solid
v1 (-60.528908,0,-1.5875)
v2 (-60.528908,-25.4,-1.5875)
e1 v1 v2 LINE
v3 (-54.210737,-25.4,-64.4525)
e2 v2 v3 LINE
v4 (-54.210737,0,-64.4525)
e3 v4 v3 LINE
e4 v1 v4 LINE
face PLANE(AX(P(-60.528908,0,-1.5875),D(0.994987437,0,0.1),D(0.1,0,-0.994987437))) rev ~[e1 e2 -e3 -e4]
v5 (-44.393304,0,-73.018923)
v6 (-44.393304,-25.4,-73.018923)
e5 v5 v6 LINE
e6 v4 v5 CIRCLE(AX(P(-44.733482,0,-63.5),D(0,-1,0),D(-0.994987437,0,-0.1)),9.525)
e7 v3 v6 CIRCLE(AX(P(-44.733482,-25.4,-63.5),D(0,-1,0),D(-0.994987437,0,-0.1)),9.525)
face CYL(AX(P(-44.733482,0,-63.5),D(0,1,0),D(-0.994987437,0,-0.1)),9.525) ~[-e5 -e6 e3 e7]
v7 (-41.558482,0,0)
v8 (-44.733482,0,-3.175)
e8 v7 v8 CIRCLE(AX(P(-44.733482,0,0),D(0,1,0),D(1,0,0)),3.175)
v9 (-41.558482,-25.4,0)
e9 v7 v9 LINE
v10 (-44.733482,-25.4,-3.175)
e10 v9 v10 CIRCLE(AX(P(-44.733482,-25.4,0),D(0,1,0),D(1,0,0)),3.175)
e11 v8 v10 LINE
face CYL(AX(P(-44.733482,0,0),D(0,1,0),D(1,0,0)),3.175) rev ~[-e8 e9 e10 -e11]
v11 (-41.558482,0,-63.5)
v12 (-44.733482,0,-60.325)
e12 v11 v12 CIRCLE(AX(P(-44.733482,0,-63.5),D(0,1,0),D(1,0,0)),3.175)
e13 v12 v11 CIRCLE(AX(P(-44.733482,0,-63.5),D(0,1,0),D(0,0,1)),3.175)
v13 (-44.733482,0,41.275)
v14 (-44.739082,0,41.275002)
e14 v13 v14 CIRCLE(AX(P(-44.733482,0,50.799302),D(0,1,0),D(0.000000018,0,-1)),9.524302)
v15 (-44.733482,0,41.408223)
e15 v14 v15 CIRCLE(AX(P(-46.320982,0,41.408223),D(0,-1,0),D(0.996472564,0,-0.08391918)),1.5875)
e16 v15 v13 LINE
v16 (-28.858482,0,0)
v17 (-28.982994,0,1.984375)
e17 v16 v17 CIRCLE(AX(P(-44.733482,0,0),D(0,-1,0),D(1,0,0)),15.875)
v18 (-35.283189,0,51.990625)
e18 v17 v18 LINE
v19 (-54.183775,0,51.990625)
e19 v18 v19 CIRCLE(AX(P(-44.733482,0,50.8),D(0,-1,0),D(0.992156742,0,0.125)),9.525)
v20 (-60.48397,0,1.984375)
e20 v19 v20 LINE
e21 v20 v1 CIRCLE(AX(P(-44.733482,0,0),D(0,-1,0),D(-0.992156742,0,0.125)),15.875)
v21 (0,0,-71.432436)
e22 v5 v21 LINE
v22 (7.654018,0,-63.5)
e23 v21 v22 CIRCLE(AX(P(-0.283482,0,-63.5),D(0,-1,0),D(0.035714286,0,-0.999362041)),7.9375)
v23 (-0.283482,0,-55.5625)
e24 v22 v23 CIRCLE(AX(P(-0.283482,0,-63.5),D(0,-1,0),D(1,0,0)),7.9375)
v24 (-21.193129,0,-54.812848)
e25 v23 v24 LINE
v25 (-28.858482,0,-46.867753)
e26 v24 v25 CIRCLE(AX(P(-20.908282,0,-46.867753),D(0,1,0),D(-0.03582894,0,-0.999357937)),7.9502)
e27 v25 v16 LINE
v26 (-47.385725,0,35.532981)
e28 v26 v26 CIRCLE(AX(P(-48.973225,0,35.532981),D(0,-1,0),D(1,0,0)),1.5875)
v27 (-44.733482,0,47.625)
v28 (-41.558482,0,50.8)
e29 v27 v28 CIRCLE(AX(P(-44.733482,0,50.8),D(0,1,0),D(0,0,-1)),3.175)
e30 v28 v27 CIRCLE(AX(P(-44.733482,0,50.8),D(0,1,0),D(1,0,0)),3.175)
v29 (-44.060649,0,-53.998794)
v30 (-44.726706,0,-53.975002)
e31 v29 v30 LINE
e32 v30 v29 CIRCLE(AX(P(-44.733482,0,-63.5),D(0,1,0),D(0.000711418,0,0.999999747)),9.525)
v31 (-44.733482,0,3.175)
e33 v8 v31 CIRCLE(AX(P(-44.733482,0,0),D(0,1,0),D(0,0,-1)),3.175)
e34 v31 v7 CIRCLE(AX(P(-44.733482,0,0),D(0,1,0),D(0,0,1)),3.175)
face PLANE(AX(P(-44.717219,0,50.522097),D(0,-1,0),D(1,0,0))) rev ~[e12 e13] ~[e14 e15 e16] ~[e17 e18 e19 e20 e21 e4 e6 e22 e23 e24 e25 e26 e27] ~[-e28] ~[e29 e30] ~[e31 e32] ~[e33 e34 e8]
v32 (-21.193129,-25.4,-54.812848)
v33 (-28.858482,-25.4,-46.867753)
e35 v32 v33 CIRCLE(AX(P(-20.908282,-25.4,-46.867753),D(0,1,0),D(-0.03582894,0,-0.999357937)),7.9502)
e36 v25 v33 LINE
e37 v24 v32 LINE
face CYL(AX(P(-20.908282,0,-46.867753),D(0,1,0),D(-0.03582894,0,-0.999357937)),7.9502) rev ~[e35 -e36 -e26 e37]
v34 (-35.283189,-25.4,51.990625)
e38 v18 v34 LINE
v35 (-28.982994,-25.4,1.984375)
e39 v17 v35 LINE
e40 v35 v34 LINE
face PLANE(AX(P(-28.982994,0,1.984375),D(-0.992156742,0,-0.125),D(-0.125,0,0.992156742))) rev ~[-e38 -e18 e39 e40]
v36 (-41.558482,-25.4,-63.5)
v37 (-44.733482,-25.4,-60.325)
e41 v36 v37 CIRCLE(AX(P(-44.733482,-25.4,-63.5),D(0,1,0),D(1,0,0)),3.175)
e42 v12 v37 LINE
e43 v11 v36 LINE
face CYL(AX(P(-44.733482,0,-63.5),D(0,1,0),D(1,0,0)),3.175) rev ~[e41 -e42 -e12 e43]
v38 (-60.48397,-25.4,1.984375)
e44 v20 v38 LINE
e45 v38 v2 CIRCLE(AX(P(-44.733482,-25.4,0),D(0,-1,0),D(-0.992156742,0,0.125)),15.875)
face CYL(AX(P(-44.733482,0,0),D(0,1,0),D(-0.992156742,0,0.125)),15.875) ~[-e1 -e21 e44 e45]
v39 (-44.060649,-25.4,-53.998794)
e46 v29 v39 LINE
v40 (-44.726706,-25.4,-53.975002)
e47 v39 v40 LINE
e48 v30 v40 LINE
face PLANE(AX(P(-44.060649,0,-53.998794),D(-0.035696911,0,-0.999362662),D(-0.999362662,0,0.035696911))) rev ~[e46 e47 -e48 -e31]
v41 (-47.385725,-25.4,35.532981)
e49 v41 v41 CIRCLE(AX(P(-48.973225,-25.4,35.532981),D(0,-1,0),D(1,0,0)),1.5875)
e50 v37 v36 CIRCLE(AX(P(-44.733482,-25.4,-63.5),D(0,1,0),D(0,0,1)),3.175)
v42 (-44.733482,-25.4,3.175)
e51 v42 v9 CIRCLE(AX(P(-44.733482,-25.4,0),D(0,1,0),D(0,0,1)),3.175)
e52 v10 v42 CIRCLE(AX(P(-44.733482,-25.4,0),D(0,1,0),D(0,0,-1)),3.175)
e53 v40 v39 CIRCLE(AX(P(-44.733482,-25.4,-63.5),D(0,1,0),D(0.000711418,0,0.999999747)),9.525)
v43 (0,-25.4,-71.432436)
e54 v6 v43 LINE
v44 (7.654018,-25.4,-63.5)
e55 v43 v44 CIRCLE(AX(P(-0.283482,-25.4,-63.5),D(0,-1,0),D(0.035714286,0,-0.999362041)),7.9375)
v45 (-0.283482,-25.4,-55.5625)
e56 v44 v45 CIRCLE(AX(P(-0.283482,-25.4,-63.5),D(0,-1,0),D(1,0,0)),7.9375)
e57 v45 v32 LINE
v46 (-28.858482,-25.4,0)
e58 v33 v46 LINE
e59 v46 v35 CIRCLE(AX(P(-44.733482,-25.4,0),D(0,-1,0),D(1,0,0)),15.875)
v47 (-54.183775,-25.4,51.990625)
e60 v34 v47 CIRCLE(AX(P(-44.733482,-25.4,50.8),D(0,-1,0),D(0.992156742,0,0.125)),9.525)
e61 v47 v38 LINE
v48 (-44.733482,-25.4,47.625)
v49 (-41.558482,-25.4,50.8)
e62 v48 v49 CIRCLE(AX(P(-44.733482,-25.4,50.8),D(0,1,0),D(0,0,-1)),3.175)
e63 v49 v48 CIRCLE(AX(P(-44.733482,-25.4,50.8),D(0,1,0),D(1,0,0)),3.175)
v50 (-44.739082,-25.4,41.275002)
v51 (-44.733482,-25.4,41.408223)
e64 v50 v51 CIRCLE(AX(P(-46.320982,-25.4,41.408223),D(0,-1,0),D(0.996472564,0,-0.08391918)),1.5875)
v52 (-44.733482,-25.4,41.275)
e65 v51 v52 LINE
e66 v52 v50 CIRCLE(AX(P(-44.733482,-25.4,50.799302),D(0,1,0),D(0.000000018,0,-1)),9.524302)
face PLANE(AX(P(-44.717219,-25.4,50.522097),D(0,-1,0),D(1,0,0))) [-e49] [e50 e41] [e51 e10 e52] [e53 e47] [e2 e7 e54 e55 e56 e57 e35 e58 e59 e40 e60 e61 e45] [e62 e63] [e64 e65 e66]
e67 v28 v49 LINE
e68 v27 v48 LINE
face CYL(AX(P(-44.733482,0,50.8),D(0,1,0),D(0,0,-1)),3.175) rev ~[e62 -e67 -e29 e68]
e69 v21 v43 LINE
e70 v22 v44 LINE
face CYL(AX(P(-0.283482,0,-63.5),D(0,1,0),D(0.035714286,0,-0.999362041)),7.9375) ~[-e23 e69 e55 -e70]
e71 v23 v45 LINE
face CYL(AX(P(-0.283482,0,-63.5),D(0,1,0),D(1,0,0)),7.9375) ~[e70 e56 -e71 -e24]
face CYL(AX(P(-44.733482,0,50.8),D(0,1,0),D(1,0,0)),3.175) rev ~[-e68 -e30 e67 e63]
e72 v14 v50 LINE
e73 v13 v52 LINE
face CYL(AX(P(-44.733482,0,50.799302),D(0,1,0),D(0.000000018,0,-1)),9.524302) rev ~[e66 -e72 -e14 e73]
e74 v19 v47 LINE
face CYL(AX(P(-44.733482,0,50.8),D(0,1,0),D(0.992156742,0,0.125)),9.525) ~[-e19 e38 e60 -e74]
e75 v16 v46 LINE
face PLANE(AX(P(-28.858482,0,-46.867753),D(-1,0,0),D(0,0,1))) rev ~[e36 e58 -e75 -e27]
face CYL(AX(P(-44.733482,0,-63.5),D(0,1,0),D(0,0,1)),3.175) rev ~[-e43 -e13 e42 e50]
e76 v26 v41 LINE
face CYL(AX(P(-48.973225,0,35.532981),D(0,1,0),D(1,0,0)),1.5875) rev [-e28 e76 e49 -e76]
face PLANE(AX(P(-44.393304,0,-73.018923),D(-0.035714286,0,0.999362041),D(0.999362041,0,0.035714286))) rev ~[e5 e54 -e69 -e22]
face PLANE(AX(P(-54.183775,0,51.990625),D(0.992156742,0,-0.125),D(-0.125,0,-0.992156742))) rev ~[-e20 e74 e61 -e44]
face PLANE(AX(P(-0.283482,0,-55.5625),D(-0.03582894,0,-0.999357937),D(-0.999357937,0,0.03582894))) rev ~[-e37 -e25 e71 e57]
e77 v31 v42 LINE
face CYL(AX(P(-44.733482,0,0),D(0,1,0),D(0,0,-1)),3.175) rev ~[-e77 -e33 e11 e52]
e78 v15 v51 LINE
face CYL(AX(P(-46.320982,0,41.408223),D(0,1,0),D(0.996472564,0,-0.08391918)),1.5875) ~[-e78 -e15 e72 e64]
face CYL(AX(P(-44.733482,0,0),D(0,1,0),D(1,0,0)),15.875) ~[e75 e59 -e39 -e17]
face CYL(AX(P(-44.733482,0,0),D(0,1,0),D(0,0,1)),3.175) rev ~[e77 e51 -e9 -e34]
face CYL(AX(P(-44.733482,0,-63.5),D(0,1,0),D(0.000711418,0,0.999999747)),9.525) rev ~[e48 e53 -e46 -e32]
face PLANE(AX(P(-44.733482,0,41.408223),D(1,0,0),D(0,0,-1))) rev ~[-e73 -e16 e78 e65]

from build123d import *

# Parameters (mm, degrees)
F0_R     = 1.5875
F1_DEPTH = 25.4


with BuildPart() as f1:
    # F0 (on Front) → F1 (new body)
    with BuildSketch(Plane.XZ):
        with BuildLine():
            ThreePointArc((-44.7390819472, 41.2750016461), (-44.7348827118, 41.341553676), (-44.7334821429, 41.4082233443))
            Line((-44.7334821429, 41.4082233443), (-44.7334821429, 41.275))
            ThreePointArc((-44.7334821429, 41.275), (-37.9982900521, 44.0648079092), (-35.2084821429, 50.8))
            ThreePointArc((-35.2084821429, 50.8), (-35.2271772486, 51.396483242), (-35.2831891786, 51.990625))
            ThreePointArc((-35.2831891786, 51.990625), (-44.7334821429, 60.325), (-54.1837751071, 51.990625))
            ThreePointArc((-54.1837751071, 51.990625), (-51.8790837955, 44.5019048894), (-44.7390819472, 41.2750016461))
        make_face()
        with BuildLine():
            ThreePointArc((-41.5584821429, 50.8), (-42.4884181126, 48.5549359697), (-44.7334821429, 47.625))
            ThreePointArc((-44.7334821429, 47.625), (-46.9785461731, 53.0450640303), (-41.5584821429, 50.8))
        make_face(mode=Mode.SUBTRACT)
        with BuildLine():
            ThreePointArc((-35.2084821429, 50.8), (-37.9982900521, 44.0648079092), (-44.7334821429, 41.275))
            Line((-44.7334821429, 41.275), (-44.7334821429, 15.875))
            ThreePointArc((-44.7334821429, 15.875), (-34.2331566271, 11.90625), (-28.9829938692, 1.984375))
            Line((-28.9829938692, 1.984375), (-35.2831891786, 51.990625))
            ThreePointArc((-35.2831891786, 51.990625), (-35.2271772486, 51.396483242), (-35.2084821429, 50.8))
        make_face()
        with BuildLine():
            Line((-44.7334821429, 15.875), (-44.7334821429, 41.275))
            ThreePointArc((-44.7334821429, 41.275), (-44.7362820451, 41.2750004115), (-44.7390819472, 41.2750016461))
            ThreePointArc((-44.7390819472, 41.2750016461), (-51.8790837955, 44.5019048894), (-54.1837751071, 51.990625))
            Line((-54.1837751071, 51.990625), (-60.4839704165, 1.984375))
            ThreePointArc((-60.4839704165, 1.984375), (-55.2338076586, 11.90625), (-44.7334821429, 15.875))
        make_face()
        with Locations((-48.9732250571, 35.5329811573)):
            Circle(F0_R, mode=Mode.SUBTRACT)
        with BuildLine():
            ThreePointArc((-28.9829938692, 1.984375), (-34.2331566271, 11.90625), (-44.7334821429, 15.875))
            Line((-44.7334821429, 15.875), (-44.7334821429, 3.175))
            ThreePointArc((-44.7334821429, 3.175), (-42.4884181126, 2.2450640303), (-41.5584821429, 0))
            ThreePointArc((-41.5584821429, 0), (-42.4884181126, -2.2450640303), (-44.7334821429, -3.175))
            Line((-44.7334821429, -3.175), (-44.7334821429, -15.875))
            ThreePointArc((-44.7334821429, -15.875), (-33.5081619915, -11.2253201513), (-28.8584821429, 0))
            ThreePointArc((-28.8584821429, 0), (-28.8896406525, 0.9941387366), (-28.9829938692, 1.984375))
        make_face()
        with BuildLine():
            Line((-44.7334821429, 3.175), (-44.7334821429, 15.875))
            ThreePointArc((-44.7334821429, 15.875), (-55.2338076586, 11.90625), (-60.4839704165, 1.984375))
            ThreePointArc((-60.4839704165, 1.984375), (-60.6072259583, 0.1997054867), (-60.5289077069, -1.5875))
            ThreePointArc((-60.5289077069, -1.5875), (-55.3827558857, -11.7732150983), (-44.7334821429, -15.875))
            Line((-44.7334821429, -15.875), (-44.7334821429, -3.175))
            ThreePointArc((-44.7334821429, -3.175), (-47.9084821429, 0), (-44.7334821429, 3.175))
        make_face()
        with BuildLine():
            Line((-28.8584821429, -46.8677527116), (-28.8584821429, 0))
            ThreePointArc((-28.8584821429, 0), (-33.5081619915, -11.2253201513), (-44.7334821429, -15.875))
            Line((-44.7334821429, -15.875), (-44.7334821429, -53.975))
            ThreePointArc((-44.7334821429, -53.975), (-44.7300940156, -53.9750006026), (-44.7267058887, -53.9750024104))
            ThreePointArc((-44.7267058887, -53.9750024104), (-44.3934690624, -53.9810706429), (-44.060648545, -53.9987937634))
            ThreePointArc((-44.060648545, -53.9987937634), (-37.7644662504, -57.0070467051), (-35.2084821429, -63.5))
            Line((-35.2084821429, -63.5), (-8.2209821429, -63.5))
            ThreePointArc((-8.2209821429, -63.5), (-5.8961422185, -57.8873399243), (-0.2834821429, -55.5625))
            Line((-0.2834821429, -55.5625), (-21.1931293796, -54.8128481856))
            ThreePointArc((-21.1931293796, -54.8128481856), (-26.6297449166, -52.3877657341), (-28.8584821429, -46.8677527116))
        make_face()
        with BuildLine():
            ThreePointArc((-44.7334821429, -15.875), (-55.3827558857, -11.7732150983), (-60.5289077069, -1.5875))
            Line((-60.5289077069, -1.5875), (-54.2107374813, -64.4525))
            ThreePointArc((-54.2107374813, -64.4525), (-51.7974112018, -57.1104357543), (-44.7334821429, -53.975))
            Line((-44.7334821429, -53.975), (-44.7334821429, -15.875))
        make_face()
        with BuildLine():
            ThreePointArc((-44.7334821429, -53.975), (-51.7974112018, -57.1104357543), (-54.2107374813, -64.4525))
            ThreePointArc((-54.2107374813, -64.4525), (-50.9958655245, -70.6769199091), (-44.3933035714, -73.0189234444))
            ThreePointArc((-44.3933035714, -73.0189234444), (-37.8790738572, -70.1138273378), (-35.2084821429, -63.5))
            Line((-35.2084821429, -63.5), (-41.5584821429, -63.5))
            ThreePointArc((-41.5584821429, -63.5), (-46.9785461731, -65.7450640303), (-44.7334821429, -60.325))
            Line((-44.7334821429, -60.325), (-44.7334821429, -53.975))
        make_face()
        with BuildLine():
            ThreePointArc((-35.2084821429, -63.5), (-37.8790738572, -70.1138273378), (-44.3933035714, -73.0189234444))
            Line((-44.3933035714, -73.0189234444), (0, -71.4324362036))
            ThreePointArc((0, -71.4324362036), (-5.7950049243, -69.2120069047), (-8.2209821429, -63.5))
            Line((-8.2209821429, -63.5), (-35.2084821429, -63.5))
        make_face()
        with BuildLine():
            ThreePointArc((7.6540178571, -63.5), (5.3291779328, -57.8873399243), (-0.2834821429, -55.5625))
            ThreePointArc((-0.2834821429, -55.5625), (-5.8961422185, -57.8873399243), (-8.2209821429, -63.5))
            ThreePointArc((-8.2209821429, -63.5), (-5.7950049243, -69.2120069047), (0, -71.4324362036))
            ThreePointArc((0, -71.4324362036), (5.4285247619, -69.0115227815), (7.6540178571, -63.5))
        make_face()
        with BuildLine():
            ThreePointArc((-44.7267058887, -53.9750024104), (-44.7300940156, -53.9750006026), (-44.7334821429, -53.975))
            Line((-44.7334821429, -53.975), (-44.7334821429, -60.325))
            ThreePointArc((-44.7334821429, -60.325), (-42.4884181126, -61.2549359697), (-41.5584821429, -63.5))
            Line((-41.5584821429, -63.5), (-35.2084821429, -63.5))
            ThreePointArc((-35.2084821429, -63.5), (-37.7644662504, -57.0070467051), (-44.060648545, -53.9987937634))
            Line((-44.060648545, -53.9987937634), (-44.7267058887, -53.9750024104))
        make_face()
    extrude(amount=F1_DEPTH)


solid = f1.part
